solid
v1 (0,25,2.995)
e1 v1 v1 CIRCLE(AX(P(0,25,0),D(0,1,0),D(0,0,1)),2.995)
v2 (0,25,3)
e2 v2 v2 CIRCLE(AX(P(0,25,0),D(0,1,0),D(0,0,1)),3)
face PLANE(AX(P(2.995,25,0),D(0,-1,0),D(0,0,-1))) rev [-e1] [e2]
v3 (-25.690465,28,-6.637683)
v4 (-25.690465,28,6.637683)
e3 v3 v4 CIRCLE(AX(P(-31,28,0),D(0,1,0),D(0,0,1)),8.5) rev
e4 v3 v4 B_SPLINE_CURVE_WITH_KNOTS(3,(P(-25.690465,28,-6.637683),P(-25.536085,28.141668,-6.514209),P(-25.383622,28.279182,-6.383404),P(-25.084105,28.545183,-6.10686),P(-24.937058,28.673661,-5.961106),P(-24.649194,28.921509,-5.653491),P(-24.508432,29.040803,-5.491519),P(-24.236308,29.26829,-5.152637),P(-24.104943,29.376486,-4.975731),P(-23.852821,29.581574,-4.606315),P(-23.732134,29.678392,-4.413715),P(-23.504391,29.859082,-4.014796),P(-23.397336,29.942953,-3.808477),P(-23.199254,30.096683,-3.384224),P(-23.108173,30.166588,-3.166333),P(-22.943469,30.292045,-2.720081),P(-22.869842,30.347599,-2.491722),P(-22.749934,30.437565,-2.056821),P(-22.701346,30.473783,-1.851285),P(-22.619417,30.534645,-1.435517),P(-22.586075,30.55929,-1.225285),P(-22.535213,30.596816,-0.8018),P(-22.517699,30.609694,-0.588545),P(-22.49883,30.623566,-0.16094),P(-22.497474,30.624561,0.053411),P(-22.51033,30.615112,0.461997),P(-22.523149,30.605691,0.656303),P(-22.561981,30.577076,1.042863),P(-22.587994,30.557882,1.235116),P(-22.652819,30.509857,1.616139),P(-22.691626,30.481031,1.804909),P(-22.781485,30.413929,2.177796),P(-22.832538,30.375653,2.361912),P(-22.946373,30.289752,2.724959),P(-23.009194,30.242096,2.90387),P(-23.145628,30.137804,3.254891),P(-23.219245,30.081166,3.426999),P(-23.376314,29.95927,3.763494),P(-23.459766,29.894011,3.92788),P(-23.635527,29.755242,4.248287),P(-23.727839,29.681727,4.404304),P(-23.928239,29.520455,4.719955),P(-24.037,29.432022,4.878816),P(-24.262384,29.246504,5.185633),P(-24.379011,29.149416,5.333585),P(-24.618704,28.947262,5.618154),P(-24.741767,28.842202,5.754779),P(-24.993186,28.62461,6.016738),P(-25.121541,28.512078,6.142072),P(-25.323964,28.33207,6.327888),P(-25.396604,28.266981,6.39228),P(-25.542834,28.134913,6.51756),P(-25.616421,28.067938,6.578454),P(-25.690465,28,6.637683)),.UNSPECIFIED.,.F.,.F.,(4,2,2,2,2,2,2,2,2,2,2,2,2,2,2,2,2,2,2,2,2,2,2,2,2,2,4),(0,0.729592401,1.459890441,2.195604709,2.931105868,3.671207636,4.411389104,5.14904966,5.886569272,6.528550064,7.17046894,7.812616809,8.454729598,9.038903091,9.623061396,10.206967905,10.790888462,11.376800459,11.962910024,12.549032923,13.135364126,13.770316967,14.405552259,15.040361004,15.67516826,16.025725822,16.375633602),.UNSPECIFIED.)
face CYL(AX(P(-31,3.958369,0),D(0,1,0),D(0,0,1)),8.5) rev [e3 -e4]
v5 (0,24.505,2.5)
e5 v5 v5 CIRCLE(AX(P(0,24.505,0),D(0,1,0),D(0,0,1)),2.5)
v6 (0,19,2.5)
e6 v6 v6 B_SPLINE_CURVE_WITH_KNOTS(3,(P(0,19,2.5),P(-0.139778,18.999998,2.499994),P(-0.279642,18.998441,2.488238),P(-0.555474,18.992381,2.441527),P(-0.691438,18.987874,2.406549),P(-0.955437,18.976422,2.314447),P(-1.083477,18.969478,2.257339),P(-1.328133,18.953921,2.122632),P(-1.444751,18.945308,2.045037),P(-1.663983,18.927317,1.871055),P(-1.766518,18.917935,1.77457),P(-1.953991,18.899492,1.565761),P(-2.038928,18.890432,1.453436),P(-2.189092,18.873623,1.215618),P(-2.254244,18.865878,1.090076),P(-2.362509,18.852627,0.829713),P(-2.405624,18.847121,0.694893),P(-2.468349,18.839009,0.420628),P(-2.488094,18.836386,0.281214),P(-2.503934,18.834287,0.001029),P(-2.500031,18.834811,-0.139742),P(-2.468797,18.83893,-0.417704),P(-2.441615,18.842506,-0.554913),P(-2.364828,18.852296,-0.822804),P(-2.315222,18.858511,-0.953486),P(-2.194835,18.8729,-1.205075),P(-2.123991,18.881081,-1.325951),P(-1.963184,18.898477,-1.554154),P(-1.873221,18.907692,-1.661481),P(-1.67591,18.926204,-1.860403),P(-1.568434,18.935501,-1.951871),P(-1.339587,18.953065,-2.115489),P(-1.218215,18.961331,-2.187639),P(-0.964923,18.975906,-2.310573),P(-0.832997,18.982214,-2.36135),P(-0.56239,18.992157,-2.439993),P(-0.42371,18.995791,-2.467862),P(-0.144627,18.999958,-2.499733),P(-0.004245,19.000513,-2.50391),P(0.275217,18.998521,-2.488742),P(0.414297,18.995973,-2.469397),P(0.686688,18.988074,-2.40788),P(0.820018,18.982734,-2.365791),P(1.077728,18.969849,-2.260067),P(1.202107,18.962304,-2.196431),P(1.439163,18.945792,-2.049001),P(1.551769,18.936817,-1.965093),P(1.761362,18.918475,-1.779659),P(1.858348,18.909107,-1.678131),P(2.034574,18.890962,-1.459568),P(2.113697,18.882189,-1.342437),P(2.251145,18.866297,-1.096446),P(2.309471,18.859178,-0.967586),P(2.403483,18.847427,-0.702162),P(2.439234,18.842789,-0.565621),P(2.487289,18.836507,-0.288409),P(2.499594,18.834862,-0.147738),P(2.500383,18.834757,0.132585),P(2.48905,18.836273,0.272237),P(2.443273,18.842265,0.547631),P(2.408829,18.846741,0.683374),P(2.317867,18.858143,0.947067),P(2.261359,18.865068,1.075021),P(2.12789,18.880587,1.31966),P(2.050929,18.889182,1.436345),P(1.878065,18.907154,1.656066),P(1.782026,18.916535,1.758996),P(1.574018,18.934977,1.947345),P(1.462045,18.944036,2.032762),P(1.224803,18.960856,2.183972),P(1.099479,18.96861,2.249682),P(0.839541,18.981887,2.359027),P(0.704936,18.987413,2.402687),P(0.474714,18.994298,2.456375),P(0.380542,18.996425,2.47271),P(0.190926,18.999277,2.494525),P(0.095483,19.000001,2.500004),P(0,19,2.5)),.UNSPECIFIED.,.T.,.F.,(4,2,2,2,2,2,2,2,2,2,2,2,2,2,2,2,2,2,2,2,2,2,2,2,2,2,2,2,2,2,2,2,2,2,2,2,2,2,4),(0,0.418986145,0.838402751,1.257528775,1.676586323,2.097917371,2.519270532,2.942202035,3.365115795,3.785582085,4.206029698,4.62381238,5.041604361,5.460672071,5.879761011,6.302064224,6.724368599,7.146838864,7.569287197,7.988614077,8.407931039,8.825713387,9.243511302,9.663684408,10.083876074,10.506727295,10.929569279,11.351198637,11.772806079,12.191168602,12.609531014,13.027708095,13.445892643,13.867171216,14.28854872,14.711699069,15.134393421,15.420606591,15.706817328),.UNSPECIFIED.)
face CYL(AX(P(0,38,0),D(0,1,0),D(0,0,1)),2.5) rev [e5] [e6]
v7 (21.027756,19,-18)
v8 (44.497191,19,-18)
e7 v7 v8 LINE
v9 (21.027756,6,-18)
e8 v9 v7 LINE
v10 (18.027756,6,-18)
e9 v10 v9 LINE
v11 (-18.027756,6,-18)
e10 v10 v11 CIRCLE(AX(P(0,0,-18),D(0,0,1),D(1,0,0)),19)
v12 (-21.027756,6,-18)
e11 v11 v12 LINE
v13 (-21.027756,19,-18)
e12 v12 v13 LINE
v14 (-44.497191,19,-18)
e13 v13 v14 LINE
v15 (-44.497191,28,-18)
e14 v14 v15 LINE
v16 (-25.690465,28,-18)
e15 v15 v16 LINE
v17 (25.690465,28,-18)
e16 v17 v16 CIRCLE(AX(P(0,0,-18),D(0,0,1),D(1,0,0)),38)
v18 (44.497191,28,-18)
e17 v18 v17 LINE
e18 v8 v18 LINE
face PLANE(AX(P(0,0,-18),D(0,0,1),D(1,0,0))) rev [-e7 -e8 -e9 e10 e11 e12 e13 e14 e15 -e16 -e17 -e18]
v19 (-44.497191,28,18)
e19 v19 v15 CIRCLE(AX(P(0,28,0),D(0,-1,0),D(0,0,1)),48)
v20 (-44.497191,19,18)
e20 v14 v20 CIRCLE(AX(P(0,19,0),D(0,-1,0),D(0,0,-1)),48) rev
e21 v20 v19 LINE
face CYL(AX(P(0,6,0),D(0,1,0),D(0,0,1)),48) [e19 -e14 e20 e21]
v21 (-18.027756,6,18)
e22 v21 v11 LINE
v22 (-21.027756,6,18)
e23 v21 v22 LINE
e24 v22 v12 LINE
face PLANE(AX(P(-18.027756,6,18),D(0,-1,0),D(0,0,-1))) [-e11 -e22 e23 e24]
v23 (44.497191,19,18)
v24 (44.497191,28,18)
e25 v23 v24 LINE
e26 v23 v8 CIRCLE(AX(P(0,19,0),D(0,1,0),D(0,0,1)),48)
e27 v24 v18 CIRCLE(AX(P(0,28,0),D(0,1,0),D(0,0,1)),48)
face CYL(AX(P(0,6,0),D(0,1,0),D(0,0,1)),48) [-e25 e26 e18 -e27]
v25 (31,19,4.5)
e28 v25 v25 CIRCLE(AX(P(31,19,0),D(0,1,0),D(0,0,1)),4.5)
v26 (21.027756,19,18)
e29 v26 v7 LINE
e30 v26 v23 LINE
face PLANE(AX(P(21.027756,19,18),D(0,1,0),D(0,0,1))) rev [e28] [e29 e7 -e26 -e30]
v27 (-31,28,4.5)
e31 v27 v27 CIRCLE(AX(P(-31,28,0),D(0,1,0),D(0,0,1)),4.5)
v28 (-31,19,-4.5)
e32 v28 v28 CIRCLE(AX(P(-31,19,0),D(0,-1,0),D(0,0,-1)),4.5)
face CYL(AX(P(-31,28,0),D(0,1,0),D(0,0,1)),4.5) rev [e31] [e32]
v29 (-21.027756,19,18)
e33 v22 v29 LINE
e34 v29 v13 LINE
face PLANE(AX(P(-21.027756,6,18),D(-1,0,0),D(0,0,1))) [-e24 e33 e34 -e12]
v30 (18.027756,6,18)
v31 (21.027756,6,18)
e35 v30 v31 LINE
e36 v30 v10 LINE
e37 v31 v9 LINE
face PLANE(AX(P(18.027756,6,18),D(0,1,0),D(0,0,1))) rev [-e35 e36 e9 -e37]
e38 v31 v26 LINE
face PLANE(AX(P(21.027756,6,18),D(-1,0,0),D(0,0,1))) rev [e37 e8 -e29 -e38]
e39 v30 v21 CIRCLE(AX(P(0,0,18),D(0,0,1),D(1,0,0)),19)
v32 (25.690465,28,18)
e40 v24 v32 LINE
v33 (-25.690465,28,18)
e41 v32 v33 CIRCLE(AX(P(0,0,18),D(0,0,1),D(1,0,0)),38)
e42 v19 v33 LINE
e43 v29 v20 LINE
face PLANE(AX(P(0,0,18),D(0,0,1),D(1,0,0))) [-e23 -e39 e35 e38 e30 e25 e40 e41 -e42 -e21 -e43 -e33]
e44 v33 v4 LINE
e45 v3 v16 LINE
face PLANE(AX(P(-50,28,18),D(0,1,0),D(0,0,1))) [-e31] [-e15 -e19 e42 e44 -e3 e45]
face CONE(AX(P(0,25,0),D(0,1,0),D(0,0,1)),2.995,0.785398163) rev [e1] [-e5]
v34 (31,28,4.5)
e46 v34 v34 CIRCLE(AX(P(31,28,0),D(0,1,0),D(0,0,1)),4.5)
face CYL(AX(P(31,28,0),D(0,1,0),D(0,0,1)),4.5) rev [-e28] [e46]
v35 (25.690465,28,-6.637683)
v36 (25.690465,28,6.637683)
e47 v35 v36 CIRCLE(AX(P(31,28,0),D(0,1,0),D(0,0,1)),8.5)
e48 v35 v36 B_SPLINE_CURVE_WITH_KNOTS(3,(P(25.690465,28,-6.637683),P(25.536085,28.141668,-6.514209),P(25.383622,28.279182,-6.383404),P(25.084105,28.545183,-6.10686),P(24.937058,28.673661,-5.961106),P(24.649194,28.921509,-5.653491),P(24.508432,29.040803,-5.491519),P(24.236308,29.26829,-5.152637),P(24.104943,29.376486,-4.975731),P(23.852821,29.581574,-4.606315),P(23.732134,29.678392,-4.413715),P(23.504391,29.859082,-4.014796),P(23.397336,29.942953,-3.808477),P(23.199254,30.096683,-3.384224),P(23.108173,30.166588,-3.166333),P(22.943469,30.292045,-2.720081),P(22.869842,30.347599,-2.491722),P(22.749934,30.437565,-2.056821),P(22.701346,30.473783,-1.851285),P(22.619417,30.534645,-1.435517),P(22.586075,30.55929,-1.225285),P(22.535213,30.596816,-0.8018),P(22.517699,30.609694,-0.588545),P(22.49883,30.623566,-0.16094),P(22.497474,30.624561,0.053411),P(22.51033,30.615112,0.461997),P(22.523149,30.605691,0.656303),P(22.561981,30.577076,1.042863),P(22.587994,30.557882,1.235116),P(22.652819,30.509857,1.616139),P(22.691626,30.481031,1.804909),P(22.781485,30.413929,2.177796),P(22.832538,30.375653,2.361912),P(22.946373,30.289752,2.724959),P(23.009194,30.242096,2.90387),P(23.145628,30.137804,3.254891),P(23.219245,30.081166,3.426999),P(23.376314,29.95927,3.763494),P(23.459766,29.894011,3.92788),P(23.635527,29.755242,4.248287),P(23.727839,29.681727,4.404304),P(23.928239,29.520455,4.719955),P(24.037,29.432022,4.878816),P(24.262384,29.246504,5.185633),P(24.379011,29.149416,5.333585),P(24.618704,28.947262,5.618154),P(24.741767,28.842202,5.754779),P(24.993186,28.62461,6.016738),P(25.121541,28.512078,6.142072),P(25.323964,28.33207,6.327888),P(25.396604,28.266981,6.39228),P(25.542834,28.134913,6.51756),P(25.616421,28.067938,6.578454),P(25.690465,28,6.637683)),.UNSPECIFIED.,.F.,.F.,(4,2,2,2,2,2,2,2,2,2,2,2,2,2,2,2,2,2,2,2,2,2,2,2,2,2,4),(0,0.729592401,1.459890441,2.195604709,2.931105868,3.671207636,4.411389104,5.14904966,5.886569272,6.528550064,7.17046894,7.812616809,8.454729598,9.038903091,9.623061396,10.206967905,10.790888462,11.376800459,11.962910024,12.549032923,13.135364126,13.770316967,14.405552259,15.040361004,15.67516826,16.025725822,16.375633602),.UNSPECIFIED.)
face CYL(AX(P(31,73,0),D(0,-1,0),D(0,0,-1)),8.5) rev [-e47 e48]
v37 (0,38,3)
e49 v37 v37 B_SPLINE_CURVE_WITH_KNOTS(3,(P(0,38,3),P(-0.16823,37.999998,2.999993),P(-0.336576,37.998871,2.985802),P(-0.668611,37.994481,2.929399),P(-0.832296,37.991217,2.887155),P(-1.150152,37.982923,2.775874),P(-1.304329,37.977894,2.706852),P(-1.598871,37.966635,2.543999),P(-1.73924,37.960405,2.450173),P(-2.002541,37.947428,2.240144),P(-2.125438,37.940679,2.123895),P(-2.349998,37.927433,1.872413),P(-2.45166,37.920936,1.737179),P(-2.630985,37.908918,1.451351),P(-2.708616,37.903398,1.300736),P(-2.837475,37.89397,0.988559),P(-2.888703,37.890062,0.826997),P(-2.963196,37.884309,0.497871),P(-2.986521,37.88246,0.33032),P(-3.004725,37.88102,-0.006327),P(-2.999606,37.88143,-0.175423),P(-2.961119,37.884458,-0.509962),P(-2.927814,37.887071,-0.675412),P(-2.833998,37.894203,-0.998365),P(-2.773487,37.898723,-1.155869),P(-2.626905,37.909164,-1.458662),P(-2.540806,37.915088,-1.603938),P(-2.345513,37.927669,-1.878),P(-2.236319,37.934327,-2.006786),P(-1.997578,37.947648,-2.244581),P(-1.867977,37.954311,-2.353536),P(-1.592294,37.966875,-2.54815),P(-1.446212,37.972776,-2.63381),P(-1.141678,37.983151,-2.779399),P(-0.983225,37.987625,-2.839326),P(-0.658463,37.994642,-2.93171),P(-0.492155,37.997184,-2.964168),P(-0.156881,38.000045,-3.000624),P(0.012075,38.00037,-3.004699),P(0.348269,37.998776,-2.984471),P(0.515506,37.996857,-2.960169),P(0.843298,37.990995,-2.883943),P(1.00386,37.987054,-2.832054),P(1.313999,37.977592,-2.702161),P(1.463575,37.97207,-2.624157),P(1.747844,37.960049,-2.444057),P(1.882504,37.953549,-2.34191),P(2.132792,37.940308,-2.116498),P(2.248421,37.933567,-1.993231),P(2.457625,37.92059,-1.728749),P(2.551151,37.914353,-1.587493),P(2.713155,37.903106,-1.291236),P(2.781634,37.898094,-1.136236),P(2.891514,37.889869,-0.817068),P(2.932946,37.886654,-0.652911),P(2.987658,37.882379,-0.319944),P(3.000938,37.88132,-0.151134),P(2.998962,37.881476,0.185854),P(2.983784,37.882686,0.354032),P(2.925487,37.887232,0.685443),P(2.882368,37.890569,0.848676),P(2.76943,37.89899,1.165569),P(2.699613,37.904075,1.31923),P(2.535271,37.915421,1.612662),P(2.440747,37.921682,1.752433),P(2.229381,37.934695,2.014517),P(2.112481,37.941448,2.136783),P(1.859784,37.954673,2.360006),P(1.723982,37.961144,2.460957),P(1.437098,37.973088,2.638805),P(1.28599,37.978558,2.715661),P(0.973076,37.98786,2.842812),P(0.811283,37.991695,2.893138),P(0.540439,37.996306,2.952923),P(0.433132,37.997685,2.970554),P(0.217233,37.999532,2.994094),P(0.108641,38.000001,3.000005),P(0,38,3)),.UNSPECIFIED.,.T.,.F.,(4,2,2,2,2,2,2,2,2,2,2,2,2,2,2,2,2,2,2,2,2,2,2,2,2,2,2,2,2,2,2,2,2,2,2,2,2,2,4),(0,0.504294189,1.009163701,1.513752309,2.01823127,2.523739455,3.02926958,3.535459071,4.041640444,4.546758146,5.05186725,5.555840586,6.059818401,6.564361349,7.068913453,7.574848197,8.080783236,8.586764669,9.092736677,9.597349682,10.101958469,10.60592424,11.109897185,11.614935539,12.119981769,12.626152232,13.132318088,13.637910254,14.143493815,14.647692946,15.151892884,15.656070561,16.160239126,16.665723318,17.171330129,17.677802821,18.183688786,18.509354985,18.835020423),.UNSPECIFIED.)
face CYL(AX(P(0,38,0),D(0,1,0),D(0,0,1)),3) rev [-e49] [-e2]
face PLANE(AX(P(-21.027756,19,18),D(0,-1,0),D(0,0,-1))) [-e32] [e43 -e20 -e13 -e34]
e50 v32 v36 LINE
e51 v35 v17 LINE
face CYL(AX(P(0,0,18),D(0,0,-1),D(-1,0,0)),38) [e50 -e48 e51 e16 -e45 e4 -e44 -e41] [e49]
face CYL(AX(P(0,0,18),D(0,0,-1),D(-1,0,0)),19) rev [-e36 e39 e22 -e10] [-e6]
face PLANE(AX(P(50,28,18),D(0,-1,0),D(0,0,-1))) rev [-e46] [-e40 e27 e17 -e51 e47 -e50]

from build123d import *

# Parameters (mm, degrees)
BOSS_EXTRUDE2_DEPTH   = 18
F_6_0MM_DOWEL_HOLE4_D = 9
SKETCH16_R            = 8.5
CUT_EXTRUDE1_DEPTH    = 10
SKETCH17_R            = 8.5
CUT_EXTRUDE2_DEPTH    = 45
CUT_EXTRUDE3_DEPTH    = 23.0000001


with BuildPart() as part:
    # Sketch1 → Boss-Extrude2 (new body, symmetric)
    with BuildSketch(Plane.XY):
        with BuildLine():
            Line((18.027756377, 6), (21.027756377, 6))
            Line((21.027756377, 6), (21.027756377, 19))
            Line((21.027756377, 19), (50, 19))
            Line((50, 19), (50, 28))
            Line((50, 28), (25.690465157, 28))
            ThreePointArc((25.690465157, 28), (0, 38), (-25.690465157, 28))
            Line((-25.690465157, 28), (-50, 28))
            Line((-50, 28), (-50, 19))
            Line((-50, 19), (-21.027756377, 19))
            Line((-21.027756377, 19), (-21.027756377, 6))
            Line((-21.027756377, 6), (-18.027756377, 6))
            ThreePointArc((-18.027756377, 6), (0, 19), (18.027756377, 6))
        make_face()
    extrude(amount=BOSS_EXTRUDE2_DEPTH, both=True)

    # Ø6.0mm Dowel Hole4 (through all)
    with Locations(Plane(origin=(0, 28, 0), x_dir=(1, 0, 0), z_dir=(0, 1, 0))):
        with Locations((-31, 0)):
            f_6_0mm_dowel_hole4 = Hole(F_6_0MM_DOWEL_HOLE4_D / 2)

    # Mirror1: Ø6.0mm Dowel Hole4 across plane
    add(f_6_0mm_dowel_hole4.mirror(Plane(origin=(0, 0, 0), x_dir=(0, 0, 1), z_dir=(1, 0, 0))), mode=Mode.SUBTRACT)

    # Sketch16 → Cut-Extrude1 (cut)
    with BuildSketch(Plane(origin=(0, 38, 0), x_dir=(1, 0, 0), z_dir=(0, 1, 0))):
        with Locations((-31, 0)):
            Circle(SKETCH16_R)
    extrude(amount=-CUT_EXTRUDE1_DEPTH, mode=Mode.SUBTRACT)

    # Sketch17 → Cut-Extrude2 (cut)
    with BuildSketch(Plane(origin=(0, 28, 0), x_dir=(1, 0, 0), z_dir=(0, 1, 0))):
        with Locations((31, 0)):
            Circle(SKETCH17_R)
    extrude(amount=CUT_EXTRUDE2_DEPTH, mode=Mode.SUBTRACT)

    # Sketch18 → CBORE for M5 Hex Head Bolt1 (revolve, cut)
    with BuildSketch(Plane(origin=(0, 38, 0), x_dir=(0, 0, 1), z_dir=(1, 0, 0))):
        Polygon((0, 0), (0, 32), (2.5, 32), (2.5, 13.495), (2.995, 13), (3, 13), (3, 0), align=None)
    revolve(axis=Axis((0, 44.35, 0), (0, -1, 0)), mode=Mode.SUBTRACT)

    # Sketch19 → Cut-Extrude3 (cut, through all)
    with BuildSketch(Plane(origin=(0, 28, 0), x_dir=(1, 0, 0), z_dir=(0, 1, 0))):
        with BuildLine():
            Line((-50, 18), (-44.497190923, 18))
            ThreePointArc((-44.497190923, 18), (-48, 0), (-44.497190923, -18))
            Line((-44.497190923, -18), (-50, -18))
            Line((-50, -18), (-50, 18))
        make_face()
    cut_extrude3 = extrude(amount=-CUT_EXTRUDE3_DEPTH, mode=Mode.SUBTRACT)

    # Mirror2: Cut-Extrude3 across plane
    add(cut_extrude3.mirror(Plane(origin=(0, 0, 0), x_dir=(0, 0, 1), z_dir=(1, 0, 0))), mode=Mode.SUBTRACT)


solid = part.part
